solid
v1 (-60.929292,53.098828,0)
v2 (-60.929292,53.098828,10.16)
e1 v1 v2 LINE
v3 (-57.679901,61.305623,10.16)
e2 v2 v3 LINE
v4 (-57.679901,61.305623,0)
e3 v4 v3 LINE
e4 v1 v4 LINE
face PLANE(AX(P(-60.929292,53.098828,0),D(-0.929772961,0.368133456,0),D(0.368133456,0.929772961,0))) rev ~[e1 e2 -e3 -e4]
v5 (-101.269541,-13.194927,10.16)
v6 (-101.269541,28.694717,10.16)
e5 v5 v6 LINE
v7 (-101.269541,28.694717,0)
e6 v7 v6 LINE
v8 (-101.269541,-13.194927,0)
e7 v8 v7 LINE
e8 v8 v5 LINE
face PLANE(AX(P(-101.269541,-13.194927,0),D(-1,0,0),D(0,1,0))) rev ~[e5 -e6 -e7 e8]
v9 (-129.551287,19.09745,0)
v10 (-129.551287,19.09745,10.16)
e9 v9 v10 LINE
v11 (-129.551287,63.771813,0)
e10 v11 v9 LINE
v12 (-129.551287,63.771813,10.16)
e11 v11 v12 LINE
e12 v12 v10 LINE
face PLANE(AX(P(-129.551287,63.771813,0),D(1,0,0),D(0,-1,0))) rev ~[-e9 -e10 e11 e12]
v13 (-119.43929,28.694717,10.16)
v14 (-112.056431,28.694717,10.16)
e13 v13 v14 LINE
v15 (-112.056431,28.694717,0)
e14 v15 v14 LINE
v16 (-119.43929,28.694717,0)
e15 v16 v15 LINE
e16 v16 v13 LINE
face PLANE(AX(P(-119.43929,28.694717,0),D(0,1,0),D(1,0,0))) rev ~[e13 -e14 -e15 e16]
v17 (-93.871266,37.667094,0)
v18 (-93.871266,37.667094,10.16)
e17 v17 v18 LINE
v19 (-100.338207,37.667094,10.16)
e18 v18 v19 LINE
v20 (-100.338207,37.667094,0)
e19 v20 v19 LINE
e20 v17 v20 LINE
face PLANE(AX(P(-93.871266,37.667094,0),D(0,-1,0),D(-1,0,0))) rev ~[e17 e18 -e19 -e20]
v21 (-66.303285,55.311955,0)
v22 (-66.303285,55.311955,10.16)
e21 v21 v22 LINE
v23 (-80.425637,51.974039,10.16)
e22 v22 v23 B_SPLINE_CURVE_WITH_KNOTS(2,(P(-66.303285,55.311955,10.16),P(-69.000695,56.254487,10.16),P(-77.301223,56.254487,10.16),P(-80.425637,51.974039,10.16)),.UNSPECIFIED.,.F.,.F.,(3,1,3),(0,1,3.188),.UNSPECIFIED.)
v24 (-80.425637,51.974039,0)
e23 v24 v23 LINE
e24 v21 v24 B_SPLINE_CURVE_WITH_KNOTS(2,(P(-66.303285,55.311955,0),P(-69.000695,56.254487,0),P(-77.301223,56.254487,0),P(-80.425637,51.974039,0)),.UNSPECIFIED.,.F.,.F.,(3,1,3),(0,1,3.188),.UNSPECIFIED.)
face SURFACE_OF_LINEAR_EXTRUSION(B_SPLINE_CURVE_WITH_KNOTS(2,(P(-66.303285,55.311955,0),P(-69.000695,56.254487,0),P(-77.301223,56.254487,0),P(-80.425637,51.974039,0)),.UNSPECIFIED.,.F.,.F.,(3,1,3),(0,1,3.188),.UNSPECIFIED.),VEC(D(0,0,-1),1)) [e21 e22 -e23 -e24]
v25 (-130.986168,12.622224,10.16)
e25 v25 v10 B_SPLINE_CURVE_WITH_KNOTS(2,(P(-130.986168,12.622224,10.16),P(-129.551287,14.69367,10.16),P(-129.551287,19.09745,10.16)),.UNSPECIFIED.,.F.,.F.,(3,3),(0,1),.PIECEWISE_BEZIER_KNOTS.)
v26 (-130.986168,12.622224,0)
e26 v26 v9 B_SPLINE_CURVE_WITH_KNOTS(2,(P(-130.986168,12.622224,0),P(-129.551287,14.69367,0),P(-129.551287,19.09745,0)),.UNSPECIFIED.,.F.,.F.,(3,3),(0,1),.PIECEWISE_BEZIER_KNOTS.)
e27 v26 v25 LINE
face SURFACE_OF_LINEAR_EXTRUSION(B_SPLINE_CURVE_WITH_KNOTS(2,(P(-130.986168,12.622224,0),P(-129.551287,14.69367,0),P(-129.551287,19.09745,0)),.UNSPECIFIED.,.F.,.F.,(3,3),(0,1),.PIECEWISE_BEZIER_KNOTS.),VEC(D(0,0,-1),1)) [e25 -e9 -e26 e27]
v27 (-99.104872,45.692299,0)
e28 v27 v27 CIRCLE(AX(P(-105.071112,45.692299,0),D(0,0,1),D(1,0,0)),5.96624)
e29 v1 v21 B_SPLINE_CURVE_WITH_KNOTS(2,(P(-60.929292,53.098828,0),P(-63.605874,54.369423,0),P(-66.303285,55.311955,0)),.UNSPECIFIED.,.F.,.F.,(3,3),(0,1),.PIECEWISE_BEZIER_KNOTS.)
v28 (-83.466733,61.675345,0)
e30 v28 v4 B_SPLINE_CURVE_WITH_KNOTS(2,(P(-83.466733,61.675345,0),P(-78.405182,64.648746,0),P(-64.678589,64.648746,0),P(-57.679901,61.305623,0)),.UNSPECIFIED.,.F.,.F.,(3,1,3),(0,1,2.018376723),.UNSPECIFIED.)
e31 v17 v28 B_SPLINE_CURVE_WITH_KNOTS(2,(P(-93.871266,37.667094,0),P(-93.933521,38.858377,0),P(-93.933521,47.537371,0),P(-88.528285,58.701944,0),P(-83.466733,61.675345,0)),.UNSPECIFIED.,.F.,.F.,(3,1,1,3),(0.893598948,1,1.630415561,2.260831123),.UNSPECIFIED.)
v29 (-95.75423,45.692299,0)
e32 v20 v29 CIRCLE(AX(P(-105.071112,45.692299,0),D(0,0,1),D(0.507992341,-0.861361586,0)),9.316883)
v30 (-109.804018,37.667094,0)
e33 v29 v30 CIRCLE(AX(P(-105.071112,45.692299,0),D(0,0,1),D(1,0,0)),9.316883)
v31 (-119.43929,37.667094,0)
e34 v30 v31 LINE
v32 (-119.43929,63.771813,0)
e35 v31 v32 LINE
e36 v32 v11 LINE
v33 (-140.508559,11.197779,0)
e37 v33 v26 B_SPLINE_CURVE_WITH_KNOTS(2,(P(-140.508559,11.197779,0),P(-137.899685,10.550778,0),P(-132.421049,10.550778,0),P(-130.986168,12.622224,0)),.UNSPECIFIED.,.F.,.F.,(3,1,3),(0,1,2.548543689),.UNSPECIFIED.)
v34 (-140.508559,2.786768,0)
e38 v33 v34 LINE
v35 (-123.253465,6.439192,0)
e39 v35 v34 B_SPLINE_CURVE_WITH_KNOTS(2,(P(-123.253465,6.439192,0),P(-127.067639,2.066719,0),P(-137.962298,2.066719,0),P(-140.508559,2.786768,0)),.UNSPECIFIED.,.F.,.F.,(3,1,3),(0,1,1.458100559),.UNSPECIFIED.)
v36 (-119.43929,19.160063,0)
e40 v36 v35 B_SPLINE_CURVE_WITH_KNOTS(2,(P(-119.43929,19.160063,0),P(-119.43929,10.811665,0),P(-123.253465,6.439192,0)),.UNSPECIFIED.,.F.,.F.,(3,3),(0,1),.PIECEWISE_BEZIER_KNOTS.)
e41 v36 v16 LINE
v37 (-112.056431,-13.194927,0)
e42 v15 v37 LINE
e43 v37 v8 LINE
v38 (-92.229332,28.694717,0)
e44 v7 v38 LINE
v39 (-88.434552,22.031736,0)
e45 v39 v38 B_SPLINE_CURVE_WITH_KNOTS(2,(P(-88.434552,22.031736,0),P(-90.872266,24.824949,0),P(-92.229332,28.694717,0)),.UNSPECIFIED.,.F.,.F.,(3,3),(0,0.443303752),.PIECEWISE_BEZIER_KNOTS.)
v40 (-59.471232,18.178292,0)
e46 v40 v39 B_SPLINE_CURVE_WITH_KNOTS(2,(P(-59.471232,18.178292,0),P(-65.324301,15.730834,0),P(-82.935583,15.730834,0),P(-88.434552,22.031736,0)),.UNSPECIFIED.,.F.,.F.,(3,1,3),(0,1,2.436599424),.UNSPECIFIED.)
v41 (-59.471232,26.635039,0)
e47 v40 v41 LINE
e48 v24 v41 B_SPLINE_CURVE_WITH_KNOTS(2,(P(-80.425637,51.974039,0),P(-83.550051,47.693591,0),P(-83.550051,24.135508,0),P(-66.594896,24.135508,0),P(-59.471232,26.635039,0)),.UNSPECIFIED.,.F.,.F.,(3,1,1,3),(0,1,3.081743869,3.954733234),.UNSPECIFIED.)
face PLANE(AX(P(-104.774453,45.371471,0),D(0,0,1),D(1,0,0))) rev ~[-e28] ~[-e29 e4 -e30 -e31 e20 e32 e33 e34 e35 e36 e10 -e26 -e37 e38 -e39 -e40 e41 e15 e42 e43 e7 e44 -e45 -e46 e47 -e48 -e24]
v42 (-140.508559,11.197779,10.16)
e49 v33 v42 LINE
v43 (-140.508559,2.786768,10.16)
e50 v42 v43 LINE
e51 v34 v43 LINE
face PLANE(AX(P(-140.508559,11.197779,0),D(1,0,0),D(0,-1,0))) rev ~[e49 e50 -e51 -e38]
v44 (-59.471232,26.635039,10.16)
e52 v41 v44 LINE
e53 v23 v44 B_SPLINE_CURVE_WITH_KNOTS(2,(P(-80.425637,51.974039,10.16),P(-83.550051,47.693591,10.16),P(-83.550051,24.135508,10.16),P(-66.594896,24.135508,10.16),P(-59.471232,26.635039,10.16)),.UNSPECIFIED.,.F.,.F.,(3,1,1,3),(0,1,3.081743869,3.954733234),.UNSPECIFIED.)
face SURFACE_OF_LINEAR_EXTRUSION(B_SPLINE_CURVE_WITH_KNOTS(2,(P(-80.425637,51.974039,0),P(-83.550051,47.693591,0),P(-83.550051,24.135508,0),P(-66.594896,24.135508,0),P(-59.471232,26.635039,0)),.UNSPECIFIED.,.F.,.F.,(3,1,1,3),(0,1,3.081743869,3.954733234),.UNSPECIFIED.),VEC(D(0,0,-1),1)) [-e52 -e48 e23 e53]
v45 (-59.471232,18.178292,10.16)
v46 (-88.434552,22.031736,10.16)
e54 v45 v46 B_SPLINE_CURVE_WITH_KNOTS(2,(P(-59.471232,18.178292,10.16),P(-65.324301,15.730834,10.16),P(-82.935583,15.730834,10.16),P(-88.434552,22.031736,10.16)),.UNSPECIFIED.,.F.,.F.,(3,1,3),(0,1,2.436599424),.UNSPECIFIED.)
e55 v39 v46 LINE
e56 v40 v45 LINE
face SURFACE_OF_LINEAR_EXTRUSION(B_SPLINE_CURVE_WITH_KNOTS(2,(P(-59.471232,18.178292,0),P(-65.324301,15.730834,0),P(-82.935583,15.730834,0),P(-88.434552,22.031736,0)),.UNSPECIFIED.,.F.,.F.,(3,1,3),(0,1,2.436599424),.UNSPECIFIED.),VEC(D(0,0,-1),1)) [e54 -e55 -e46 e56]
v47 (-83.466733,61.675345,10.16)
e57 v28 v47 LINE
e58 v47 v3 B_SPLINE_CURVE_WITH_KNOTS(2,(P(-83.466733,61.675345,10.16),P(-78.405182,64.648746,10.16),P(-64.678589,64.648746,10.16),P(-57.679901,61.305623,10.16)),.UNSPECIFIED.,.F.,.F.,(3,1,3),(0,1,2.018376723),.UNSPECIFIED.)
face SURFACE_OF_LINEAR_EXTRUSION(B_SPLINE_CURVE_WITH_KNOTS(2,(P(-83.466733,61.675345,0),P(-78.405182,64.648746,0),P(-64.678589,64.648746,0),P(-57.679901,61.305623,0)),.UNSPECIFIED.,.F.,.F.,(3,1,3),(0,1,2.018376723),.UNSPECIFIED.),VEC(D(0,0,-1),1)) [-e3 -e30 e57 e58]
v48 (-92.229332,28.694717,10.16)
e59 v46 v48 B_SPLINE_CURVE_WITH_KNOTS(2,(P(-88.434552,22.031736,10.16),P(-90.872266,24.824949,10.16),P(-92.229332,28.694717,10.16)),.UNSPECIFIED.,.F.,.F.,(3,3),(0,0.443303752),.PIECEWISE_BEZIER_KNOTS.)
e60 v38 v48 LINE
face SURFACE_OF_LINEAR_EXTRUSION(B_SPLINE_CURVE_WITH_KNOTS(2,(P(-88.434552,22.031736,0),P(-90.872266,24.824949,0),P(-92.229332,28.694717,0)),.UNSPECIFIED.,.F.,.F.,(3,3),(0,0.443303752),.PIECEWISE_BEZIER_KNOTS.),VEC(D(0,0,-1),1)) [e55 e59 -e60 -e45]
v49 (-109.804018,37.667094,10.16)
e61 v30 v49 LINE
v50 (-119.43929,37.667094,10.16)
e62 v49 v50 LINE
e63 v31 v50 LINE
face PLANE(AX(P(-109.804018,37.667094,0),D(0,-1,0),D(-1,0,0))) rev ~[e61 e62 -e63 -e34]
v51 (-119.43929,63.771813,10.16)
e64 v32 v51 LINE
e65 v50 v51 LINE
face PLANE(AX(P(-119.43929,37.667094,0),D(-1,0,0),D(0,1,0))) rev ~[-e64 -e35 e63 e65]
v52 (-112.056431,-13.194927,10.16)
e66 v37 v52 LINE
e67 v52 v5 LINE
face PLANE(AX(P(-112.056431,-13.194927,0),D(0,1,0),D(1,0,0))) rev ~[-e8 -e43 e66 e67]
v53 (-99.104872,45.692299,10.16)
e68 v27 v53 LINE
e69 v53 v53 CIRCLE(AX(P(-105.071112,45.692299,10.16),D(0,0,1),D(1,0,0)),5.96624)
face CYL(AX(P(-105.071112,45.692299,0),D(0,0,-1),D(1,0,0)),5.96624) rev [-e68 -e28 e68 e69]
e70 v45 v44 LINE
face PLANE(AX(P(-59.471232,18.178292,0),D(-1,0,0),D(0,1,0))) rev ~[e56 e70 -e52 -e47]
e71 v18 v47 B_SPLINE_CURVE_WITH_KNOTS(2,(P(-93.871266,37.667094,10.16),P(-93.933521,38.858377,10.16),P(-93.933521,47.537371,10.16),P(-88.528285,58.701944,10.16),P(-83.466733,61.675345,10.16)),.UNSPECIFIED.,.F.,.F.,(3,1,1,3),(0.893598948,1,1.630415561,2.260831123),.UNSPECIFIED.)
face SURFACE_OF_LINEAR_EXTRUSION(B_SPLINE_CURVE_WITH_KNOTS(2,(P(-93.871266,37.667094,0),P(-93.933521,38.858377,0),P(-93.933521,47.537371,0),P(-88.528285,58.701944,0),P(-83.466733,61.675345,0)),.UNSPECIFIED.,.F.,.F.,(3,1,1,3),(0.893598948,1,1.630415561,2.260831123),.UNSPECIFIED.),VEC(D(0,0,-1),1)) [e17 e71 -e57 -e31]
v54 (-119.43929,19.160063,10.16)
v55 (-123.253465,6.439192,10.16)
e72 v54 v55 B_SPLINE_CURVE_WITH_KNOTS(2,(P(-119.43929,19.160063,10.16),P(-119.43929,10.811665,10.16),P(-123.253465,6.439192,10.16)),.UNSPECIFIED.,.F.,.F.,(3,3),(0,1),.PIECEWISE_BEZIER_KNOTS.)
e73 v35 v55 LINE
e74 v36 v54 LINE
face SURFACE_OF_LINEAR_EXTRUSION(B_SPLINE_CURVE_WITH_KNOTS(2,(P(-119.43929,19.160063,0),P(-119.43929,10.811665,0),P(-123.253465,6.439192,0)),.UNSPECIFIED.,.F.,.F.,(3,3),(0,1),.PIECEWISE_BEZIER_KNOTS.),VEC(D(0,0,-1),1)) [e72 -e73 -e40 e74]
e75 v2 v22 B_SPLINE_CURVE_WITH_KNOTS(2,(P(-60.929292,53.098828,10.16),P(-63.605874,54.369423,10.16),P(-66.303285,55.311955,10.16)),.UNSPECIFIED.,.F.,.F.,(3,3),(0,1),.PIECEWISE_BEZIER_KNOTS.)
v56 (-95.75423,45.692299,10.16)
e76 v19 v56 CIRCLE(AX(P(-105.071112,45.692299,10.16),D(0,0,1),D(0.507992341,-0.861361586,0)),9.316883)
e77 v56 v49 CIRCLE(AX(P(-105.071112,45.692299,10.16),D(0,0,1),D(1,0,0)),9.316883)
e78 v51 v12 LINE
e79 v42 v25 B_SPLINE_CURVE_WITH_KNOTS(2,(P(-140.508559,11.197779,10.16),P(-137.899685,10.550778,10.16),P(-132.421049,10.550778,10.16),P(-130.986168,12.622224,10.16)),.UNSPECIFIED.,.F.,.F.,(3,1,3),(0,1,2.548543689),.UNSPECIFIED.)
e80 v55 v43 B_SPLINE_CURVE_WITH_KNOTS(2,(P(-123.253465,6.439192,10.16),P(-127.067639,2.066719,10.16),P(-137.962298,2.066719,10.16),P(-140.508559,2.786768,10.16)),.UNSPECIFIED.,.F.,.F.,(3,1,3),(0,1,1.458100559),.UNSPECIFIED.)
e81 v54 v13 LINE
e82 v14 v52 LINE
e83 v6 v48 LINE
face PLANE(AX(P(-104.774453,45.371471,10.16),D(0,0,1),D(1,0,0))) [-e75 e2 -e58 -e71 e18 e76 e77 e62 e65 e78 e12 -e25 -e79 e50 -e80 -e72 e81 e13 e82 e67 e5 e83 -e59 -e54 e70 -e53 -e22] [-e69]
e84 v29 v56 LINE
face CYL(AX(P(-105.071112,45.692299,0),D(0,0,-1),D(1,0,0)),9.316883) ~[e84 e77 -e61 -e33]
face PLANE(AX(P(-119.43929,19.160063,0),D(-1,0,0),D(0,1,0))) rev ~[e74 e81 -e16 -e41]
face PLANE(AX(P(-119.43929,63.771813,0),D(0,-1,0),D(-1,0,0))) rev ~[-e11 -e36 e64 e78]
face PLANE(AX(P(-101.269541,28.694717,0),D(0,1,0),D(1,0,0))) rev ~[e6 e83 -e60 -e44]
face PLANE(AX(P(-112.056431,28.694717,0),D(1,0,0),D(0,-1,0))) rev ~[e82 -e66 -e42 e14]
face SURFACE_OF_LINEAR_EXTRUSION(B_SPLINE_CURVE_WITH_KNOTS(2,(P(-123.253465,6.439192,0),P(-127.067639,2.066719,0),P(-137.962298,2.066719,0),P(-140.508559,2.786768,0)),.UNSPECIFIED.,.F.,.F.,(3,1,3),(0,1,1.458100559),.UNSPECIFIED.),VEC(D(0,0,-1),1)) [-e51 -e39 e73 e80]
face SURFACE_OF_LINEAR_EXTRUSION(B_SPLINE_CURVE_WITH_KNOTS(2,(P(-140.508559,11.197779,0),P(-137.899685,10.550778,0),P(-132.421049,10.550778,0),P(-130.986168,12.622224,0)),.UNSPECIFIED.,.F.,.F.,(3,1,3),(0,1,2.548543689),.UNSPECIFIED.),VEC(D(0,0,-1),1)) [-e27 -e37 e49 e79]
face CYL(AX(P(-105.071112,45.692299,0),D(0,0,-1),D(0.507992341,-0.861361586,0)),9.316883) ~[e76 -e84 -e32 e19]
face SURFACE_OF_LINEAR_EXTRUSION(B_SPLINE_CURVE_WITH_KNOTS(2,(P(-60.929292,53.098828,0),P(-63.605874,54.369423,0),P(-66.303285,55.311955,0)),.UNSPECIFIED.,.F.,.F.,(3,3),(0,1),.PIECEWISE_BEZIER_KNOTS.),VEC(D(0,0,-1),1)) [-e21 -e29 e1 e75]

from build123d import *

# Parameters (mm, degrees)
F0_R     = 5.966240135
F0_W     = 6.4319284421
F0_H     = 8.9723766592
F1_DEPTH = 10.16


with BuildPart() as f1:
    # F0 (on Top) → F1 (new body)
    with BuildSketch(Plane.XY):
        with BuildLine():
            ThreePointArc((-100.3382074425, 37.6670937348), (-96.9809881445, 41.0712390667), (-95.7542298135, 45.6922985613))
            ThreePointArc((-95.7542298135, 45.6922985613), (-109.6921719724, 53.7824228946), (-109.804017513, 37.6670937348))
            Line((-109.804017513, 37.6670937348), (-100.3382074425, 37.6670937348))
        make_face()
        with Locations((-105.0711124778, 45.6922985613)):
            Circle(F0_R, mode=Mode.SUBTRACT)
        with BuildLine():
            Line((-100.3382074425, 37.6670937348), (-109.804017513, 37.6670937348))
            ThreePointArc((-109.804017513, 37.6670937348), (-105.0711124778, 36.3754158971), (-100.3382074425, 37.6670937348))
        make_face()
        with BuildLine():
            ThreePointArc((-100.3382074425, 37.6670937348), (-105.0711124778, 36.3754158971), (-109.804017513, 37.6670937348))
            Line((-109.804017513, 37.6670937348), (-119.439290472, 37.6670937348))
            Line((-119.439290472, 37.6670937348), (-119.439290472, 28.6947170757))
            Line((-119.439290472, 28.6947170757), (-112.0564305344, 28.6947170757))
            Line((-112.0564305344, 28.6947170757), (-112.0564305344, -13.194927302))
            Line((-112.0564305344, -13.194927302), (-101.2695409777, -13.194927302))
            Line((-101.2695409777, -13.194927302), (-101.2695409777, 28.6947170757))
            Line((-101.2695409777, 28.6947170757), (-92.2293317184, 28.6947170757))
            add(Edge.make_bspline(
                [(-92.2293317184, 28.6947170757), (-93.6078003439, 32.6255158205), (-93.8712663048, 37.6670937348)],
                knots=[0.4433037515, 0.4433037515, 0.4433037515, 0.8935989479, 0.8935989479, 0.8935989479], degree=2))
            Line((-93.8712663048, 37.6670937348), (-100.3382074425, 37.6670937348))
        make_face()
        with BuildLine():
            Line((-125.871218914, 37.6670937348), (-119.439290472, 37.6670937348))
            Line((-119.439290472, 37.6670937348), (-119.439290472, 63.7718132257))
            Line((-119.439290472, 63.7718132257), (-129.5512871852, 63.7718132257))
            Line((-129.5512871852, 63.7718132257), (-129.5512871852, 19.0974500375))
            add(Edge.make_bspline(
                [(-130.9861680398, 12.622224072), (-129.5512871852, 14.6936702511), (-129.5512871852, 19.0974500375)],
                knots=[0, 0, 0, 1, 1, 1], degree=2))
            add(Edge.make_bspline(
                [(-135.7499724769, 10.5507778929), (-132.4210488943, 10.5507778929), (-130.9861680398, 12.622224072)],
                knots=[0, 0, 0, 1, 1, 1], degree=2))
            add(Edge.make_bspline(
                [(-140.5085591655, 11.1977787146), (-137.8996848845, 10.5507778929), (-135.7499724769, 10.5507778929)],
                knots=[0, 0, 0, 1, 1, 1], degree=2))
            Line((-140.5085591655, 11.1977787146), (-140.5085591655, 2.7867680326))
            add(Edge.make_bspline(
                [(-134.5394548105, 2.066718731), (-137.9622978672, 2.066718731), (-140.5085591655, 2.7867680326)],
                knots=[0, 0, 0, 1, 1, 1], degree=2))
            add(Edge.make_bspline(
                [(-123.2534646708, 6.439192026), (-127.0676388697, 2.066718731), (-134.5394548105, 2.066718731)],
                knots=[0, 0, 0, 1, 1, 1], degree=2))
            add(Edge.make_bspline(
                [(-119.439290472, 19.1600630203), (-119.439290472, 10.811665321), (-123.2534646708, 6.439192026)],
                knots=[0, 0, 0, 1, 1, 1], degree=2))
            Line((-119.439290472, 19.1600630203), (-119.439290472, 28.6947170757))
            Line((-119.439290472, 28.6947170757), (-125.871218914, 28.6947170757))
            Line((-125.871218914, 28.6947170757), (-125.871218914, 37.6670937348))
        make_face()
        with Locations((-122.655254693, 33.1809054053)):
            Rectangle(F0_W, F0_H)
        with BuildLine():
            add(Edge.make_bspline(
                [(-93.8712663048, 37.6670937348), (-93.9335211449, 38.8583771389), (-93.9335211449, 40.1116795692)],
                knots=[0.8935989479, 0.8935989479, 0.8935989479, 1, 1, 1], degree=2))
            Line((-93.8712663048, 37.6670937348), (-87.465884579, 37.6670937348))
            Line((-87.465884579, 37.6670937348), (-87.465884579, 28.6947170757))
            Line((-87.465884579, 28.6947170757), (-92.2293317184, 28.6947170757))
            add(Edge.make_bspline(
                [(-88.4345520727, 22.0317358016), (-90.8722656918, 24.8249493235), (-92.2293317184, 28.6947170757)],
                knots=[0, 0, 0, 0.4433037515, 0.4433037515, 0.4433037515], degree=2))
            add(Edge.make_bspline(
                [(-72.5521129912, 15.7308337398), (-82.9355830005, 15.7308337398), (-88.4345520727, 22.0317358016)],
                knots=[0, 0, 0, 1, 1, 1], degree=2))
            add(Edge.make_bspline(
                [(-59.4712320165, 18.1782915654), (-65.3243013698, 15.7308337398), (-72.5521129912, 15.7308337398)],
                knots=[0, 0, 0, 1, 1, 1], degree=2))
            Line((-59.4712320165, 18.1782915654), (-59.4712320165, 26.6350394567))
            add(Edge.make_bspline(
                [(-71.6043740033, 24.1355080603), (-66.5948964963, 24.1355080603), (-59.4712320165, 26.6350394567)],
                knots=[0, 0, 0, 1, 1, 1], degree=2))
            add(Edge.make_bspline(
                [(-83.5500511355, 40.0491912843), (-83.5500511355, 24.1355080603), (-71.6043740033, 24.1355080603)],
                knots=[0, 0, 0, 1, 1, 1], degree=2))
            add(Edge.make_bspline(
                [(-80.4256368899, 51.9740389881), (-83.5500511355, 47.6935914717), (-83.5500511355, 40.0491912843)],
                knots=[0, 0, 0, 1, 1, 1], degree=2))
            add(Edge.make_bspline(
                [(-71.6043740033, 56.2544865045), (-77.3012226444, 56.2544865045), (-80.4256368899, 51.9740389881)],
                knots=[0, 0, 0, 1, 1, 1], degree=2))
            add(Edge.make_bspline(
                [(-66.3032845001, 55.3119548738), (-69.0006954654, 56.2544865045), (-71.6043740033, 56.2544865045)],
                knots=[0, 0, 0, 1, 1, 1], degree=2))
            add(Edge.make_bspline(
                [(-60.9292919977, 53.0988281165), (-63.6058735347, 54.369423243), (-66.3032845001, 55.3119548738)],
                knots=[0, 0, 0, 1, 1, 1], degree=2))
            Line((-60.9292919977, 53.0988281165), (-57.6799011823, 61.3056228681))
            add(Edge.make_bspline(
                [(-71.6043740033, 64.6487461109), (-64.6785890924, 64.6487461109), (-57.6799011823, 61.3056228681)],
                knots=[0, 0, 0, 1, 1, 1], degree=2))
            add(Edge.make_bspline(
                [(-83.4667334223, 61.6753452205), (-78.4051823445, 64.6487461109), (-71.6043740033, 64.6487461109)],
                knots=[0, 0, 0, 1, 1, 1], degree=2))
            add(Edge.make_bspline(
                [(-91.2309028225, 53.1196575448), (-88.5282845001, 58.7019443302), (-83.4667334223, 61.6753452205)],
                knots=[0, 0, 0, 1, 1, 1], degree=2))
            add(Edge.make_bspline(
                [(-93.9335211449, 40.1116795692), (-93.9335211449, 47.5373707594), (-91.2309028225, 53.1196575448)],
                knots=[0, 0, 0, 1, 1, 1], degree=2))
        make_face()
        with BuildLine():
            Line((-87.465884579, 37.6670937348), (-93.8712663048, 37.6670937348))
            add(Edge.make_bspline(
                [(-92.2293317184, 28.6947170757), (-93.6078003439, 32.6255158205), (-93.8712663048, 37.6670937348)],
                knots=[0.4433037515, 0.4433037515, 0.4433037515, 0.8935989479, 0.8935989479, 0.8935989479], degree=2))
            Line((-92.2293317184, 28.6947170757), (-87.465884579, 28.6947170757))
            Line((-87.465884579, 28.6947170757), (-87.465884579, 37.6670937348))
        make_face()
    extrude(amount=F1_DEPTH)


solid = f1.part
